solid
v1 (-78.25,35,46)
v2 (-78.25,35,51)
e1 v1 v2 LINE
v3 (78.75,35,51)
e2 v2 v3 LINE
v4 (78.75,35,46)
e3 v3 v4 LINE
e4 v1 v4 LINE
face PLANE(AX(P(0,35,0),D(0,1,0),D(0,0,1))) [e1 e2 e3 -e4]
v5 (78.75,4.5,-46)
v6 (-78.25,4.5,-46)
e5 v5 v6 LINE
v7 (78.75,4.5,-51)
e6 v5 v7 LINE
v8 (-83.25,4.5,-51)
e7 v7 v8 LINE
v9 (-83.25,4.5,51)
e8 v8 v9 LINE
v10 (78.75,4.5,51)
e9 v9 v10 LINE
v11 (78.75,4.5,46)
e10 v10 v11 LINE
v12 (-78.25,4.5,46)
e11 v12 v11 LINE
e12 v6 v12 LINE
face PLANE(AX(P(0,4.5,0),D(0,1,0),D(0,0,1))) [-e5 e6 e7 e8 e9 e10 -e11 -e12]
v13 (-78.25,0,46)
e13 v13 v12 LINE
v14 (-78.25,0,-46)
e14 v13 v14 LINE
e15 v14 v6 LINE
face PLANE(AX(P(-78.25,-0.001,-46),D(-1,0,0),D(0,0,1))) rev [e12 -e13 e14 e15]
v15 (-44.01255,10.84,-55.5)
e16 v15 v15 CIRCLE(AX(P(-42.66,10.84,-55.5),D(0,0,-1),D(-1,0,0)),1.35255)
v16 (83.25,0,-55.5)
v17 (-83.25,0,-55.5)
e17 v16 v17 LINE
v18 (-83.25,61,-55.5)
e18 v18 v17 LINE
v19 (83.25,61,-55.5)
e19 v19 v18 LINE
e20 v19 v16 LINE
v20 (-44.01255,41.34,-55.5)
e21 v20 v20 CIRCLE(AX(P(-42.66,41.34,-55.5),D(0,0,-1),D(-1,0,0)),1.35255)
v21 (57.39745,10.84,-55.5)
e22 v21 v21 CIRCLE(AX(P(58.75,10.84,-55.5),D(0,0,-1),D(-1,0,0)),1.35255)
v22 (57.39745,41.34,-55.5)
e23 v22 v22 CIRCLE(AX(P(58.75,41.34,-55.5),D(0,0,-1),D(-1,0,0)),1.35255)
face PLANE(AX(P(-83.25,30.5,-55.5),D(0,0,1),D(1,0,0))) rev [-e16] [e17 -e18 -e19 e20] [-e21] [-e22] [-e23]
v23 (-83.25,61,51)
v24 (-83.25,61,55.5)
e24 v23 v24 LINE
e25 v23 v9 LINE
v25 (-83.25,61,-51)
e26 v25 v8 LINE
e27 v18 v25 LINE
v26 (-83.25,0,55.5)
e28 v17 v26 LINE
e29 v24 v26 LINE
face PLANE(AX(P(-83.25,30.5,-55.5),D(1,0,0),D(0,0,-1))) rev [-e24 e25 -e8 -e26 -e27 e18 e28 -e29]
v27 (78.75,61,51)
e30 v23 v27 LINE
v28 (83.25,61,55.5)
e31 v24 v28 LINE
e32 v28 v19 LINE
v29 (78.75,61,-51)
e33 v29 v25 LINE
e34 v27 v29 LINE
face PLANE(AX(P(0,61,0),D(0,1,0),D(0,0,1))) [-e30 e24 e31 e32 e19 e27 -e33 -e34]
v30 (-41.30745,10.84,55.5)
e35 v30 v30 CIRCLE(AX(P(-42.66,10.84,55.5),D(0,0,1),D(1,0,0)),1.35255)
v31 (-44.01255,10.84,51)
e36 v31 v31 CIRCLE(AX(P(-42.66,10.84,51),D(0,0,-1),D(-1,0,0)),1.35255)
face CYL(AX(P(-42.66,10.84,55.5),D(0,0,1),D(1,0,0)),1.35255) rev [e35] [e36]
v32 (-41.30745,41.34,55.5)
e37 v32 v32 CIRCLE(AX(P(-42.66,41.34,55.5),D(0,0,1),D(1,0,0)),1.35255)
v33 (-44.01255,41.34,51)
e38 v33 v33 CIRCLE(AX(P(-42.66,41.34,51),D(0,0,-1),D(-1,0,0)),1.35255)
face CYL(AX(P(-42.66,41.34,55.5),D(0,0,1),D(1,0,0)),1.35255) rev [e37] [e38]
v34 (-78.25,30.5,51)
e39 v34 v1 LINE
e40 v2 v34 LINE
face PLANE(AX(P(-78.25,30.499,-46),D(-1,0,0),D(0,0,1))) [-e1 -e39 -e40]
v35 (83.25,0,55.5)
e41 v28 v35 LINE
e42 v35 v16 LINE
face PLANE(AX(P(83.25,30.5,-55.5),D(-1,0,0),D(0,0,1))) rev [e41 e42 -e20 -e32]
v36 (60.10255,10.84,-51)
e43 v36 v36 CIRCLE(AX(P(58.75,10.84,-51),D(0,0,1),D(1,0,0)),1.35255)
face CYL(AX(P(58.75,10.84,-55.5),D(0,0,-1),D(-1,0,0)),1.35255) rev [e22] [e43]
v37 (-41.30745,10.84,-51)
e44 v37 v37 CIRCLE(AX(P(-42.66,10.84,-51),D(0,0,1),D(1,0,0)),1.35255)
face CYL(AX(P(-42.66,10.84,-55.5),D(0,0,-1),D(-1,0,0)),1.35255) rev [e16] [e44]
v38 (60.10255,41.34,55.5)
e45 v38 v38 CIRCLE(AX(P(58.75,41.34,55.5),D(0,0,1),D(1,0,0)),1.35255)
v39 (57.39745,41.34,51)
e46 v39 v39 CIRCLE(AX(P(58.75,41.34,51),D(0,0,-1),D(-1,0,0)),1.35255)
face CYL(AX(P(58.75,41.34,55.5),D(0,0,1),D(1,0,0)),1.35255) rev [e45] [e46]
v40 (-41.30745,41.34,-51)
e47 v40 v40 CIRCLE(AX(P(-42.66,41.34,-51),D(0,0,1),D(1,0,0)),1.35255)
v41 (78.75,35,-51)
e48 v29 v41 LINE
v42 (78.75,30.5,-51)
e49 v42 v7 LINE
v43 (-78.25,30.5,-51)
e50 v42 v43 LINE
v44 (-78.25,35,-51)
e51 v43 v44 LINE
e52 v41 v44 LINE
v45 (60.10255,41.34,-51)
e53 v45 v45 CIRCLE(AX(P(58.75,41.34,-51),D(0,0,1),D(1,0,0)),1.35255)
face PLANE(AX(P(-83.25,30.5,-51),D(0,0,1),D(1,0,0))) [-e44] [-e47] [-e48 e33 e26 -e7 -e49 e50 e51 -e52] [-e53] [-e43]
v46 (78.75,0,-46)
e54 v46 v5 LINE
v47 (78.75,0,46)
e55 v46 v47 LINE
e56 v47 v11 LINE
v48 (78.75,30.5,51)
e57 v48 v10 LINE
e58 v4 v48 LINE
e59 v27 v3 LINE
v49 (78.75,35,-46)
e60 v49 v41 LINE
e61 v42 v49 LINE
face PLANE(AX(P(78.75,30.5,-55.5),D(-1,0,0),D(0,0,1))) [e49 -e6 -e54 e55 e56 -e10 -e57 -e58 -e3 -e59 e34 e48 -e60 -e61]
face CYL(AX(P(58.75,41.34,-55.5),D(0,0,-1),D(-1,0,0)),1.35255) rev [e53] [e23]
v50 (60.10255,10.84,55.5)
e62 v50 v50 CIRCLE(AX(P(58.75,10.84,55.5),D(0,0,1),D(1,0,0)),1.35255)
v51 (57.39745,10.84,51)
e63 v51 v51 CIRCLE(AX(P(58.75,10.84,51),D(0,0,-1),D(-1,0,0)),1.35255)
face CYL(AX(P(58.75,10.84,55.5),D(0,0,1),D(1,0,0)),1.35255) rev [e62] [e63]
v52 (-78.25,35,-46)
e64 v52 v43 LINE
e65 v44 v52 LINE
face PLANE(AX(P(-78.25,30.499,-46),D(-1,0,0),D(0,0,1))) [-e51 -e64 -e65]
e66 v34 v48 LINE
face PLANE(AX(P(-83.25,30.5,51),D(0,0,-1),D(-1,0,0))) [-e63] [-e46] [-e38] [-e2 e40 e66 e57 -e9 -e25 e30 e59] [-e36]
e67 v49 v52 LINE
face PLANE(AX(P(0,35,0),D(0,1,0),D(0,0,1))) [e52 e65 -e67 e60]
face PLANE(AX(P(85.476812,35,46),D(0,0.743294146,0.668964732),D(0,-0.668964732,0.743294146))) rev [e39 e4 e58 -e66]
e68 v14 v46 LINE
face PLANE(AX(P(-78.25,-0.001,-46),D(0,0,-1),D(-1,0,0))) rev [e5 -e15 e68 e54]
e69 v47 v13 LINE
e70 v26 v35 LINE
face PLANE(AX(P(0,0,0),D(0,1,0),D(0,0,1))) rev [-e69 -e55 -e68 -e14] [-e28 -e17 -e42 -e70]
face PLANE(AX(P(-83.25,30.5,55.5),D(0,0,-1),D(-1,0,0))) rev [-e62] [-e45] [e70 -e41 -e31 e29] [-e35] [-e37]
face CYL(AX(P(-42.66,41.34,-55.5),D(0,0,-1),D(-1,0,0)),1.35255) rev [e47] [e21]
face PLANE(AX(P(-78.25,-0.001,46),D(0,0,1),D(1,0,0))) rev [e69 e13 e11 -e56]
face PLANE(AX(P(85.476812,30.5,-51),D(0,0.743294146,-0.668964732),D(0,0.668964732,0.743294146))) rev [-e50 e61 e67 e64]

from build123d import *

# Parameters (mm, degrees)
SKETCH1_W                     = 166.5
SKETCH1_H                     = 111
BOSS_EXTRUDE1_DEPTH           = 30.5
SHELL1_T                      = -4.5
CUT_EXTRUDE1_REACH            = 105.377
SKETCH2_W                     = 157
SKETCH2_H                     = 92
TAP_DRILL_FOR_6_32_TAP1_D     = 2.7051
TAP_DRILL_FOR_6_32_TAP1_DEPTH = 4.5
LPATTERN1_COUNT               = 2
LPATTERN1_PITCH               = 30.5
SKETCH7_W                     = 102
SKETCH7_H                     = 4.5
CUT_EXTRUDE2_DEPTH            = 5
CUT_EXTRUDE3_START            = -157
CUT_EXTRUDE3_DEPTH            = 157


with BuildPart() as part:
    # Sketch1 → Boss-Extrude1 (new body)
    with BuildSketch(Plane(origin=(0, 0, 0), x_dir=(1, 0, 0), z_dir=(0, 1, 0))):
        Rectangle(SKETCH1_W, SKETCH1_H)
    extrude(amount=BOSS_EXTRUDE1_DEPTH)

    # Shell1
    shell1_openings = [part.faces().sort_by_distance(p)[0] for p in [
        (0, 30.5, 0),
        (-83.25, 15.25, 0),
    ]]
    offset(amount=SHELL1_T, openings=shell1_openings, kind=Kind.INTERSECTION)

    # Sketch2 → Cut-Extrude1 (cut, up to next)
    with BuildSketch(Plane(origin=(0, 4.5, 0), x_dir=(1, 0, 0), z_dir=(0, 1, 0)), mode=Mode.PRIVATE) as cut_extrude1_sk1:
        with Locations((0.25, 0)):
            Rectangle(SKETCH2_W, SKETCH2_H)
    cut_extrude1_tool1 = extrude(cut_extrude1_sk1.sketch, amount=-CUT_EXTRUDE1_REACH, mode=Mode.PRIVATE) & part.part
    add(cut_extrude1_tool1.solids().sort_by_distance((0.25, 4.5, 0))[0], mode=Mode.SUBTRACT)

    # Tap Drill for #6-32 Tap1
    with Locations(Plane(origin=(0, 0, -55.5), x_dir=(-1, 0, 0), z_dir=(0, 0, -1))):
        with Locations((42.66, 10.84), (-58.75, 10.84)):
            tap_drill_for_6_32_tap1 = Hole(TAP_DRILL_FOR_6_32_TAP1_D / 2, depth=TAP_DRILL_FOR_6_32_TAP1_DEPTH)

    # Mirror1: Tap Drill for #6-32 Tap1 across plane
    add(tap_drill_for_6_32_tap1.mirror(Plane.XY), mode=Mode.SUBTRACT)


with BuildPart() as lpattern1_1:
    # LPattern1: pattern copy
    add(part.part.moved(Location(Vector(0, 1, 0) * (1 * LPATTERN1_PITCH))))


with BuildPart() as part_1:
    add(part.part)

    # Combine1: union LPattern1_1
    add(lpattern1_1.part)

    # Sketch7 → Cut-Extrude2 (cut)
    with BuildSketch(Plane.ZY.offset(83.25)):
        with Locations((0, 32.75)):
            Rectangle(SKETCH7_W, SKETCH7_H)
    extrude(amount=-CUT_EXTRUDE2_DEPTH, mode=Mode.SUBTRACT)

    # Sketch8 → Cut-Extrude3 (cut)
    with BuildSketch(Plane.ZY.offset(78.25).offset(CUT_EXTRUDE3_START)):
        Polygon((-51, 30.5), (-46, 35), (-46, 30.5), align=None)
        Polygon((51, 30.5), (46, 30.5), (46, 35), align=None)
    extrude(amount=CUT_EXTRUDE3_DEPTH, mode=Mode.SUBTRACT)


solid = part_1.part
